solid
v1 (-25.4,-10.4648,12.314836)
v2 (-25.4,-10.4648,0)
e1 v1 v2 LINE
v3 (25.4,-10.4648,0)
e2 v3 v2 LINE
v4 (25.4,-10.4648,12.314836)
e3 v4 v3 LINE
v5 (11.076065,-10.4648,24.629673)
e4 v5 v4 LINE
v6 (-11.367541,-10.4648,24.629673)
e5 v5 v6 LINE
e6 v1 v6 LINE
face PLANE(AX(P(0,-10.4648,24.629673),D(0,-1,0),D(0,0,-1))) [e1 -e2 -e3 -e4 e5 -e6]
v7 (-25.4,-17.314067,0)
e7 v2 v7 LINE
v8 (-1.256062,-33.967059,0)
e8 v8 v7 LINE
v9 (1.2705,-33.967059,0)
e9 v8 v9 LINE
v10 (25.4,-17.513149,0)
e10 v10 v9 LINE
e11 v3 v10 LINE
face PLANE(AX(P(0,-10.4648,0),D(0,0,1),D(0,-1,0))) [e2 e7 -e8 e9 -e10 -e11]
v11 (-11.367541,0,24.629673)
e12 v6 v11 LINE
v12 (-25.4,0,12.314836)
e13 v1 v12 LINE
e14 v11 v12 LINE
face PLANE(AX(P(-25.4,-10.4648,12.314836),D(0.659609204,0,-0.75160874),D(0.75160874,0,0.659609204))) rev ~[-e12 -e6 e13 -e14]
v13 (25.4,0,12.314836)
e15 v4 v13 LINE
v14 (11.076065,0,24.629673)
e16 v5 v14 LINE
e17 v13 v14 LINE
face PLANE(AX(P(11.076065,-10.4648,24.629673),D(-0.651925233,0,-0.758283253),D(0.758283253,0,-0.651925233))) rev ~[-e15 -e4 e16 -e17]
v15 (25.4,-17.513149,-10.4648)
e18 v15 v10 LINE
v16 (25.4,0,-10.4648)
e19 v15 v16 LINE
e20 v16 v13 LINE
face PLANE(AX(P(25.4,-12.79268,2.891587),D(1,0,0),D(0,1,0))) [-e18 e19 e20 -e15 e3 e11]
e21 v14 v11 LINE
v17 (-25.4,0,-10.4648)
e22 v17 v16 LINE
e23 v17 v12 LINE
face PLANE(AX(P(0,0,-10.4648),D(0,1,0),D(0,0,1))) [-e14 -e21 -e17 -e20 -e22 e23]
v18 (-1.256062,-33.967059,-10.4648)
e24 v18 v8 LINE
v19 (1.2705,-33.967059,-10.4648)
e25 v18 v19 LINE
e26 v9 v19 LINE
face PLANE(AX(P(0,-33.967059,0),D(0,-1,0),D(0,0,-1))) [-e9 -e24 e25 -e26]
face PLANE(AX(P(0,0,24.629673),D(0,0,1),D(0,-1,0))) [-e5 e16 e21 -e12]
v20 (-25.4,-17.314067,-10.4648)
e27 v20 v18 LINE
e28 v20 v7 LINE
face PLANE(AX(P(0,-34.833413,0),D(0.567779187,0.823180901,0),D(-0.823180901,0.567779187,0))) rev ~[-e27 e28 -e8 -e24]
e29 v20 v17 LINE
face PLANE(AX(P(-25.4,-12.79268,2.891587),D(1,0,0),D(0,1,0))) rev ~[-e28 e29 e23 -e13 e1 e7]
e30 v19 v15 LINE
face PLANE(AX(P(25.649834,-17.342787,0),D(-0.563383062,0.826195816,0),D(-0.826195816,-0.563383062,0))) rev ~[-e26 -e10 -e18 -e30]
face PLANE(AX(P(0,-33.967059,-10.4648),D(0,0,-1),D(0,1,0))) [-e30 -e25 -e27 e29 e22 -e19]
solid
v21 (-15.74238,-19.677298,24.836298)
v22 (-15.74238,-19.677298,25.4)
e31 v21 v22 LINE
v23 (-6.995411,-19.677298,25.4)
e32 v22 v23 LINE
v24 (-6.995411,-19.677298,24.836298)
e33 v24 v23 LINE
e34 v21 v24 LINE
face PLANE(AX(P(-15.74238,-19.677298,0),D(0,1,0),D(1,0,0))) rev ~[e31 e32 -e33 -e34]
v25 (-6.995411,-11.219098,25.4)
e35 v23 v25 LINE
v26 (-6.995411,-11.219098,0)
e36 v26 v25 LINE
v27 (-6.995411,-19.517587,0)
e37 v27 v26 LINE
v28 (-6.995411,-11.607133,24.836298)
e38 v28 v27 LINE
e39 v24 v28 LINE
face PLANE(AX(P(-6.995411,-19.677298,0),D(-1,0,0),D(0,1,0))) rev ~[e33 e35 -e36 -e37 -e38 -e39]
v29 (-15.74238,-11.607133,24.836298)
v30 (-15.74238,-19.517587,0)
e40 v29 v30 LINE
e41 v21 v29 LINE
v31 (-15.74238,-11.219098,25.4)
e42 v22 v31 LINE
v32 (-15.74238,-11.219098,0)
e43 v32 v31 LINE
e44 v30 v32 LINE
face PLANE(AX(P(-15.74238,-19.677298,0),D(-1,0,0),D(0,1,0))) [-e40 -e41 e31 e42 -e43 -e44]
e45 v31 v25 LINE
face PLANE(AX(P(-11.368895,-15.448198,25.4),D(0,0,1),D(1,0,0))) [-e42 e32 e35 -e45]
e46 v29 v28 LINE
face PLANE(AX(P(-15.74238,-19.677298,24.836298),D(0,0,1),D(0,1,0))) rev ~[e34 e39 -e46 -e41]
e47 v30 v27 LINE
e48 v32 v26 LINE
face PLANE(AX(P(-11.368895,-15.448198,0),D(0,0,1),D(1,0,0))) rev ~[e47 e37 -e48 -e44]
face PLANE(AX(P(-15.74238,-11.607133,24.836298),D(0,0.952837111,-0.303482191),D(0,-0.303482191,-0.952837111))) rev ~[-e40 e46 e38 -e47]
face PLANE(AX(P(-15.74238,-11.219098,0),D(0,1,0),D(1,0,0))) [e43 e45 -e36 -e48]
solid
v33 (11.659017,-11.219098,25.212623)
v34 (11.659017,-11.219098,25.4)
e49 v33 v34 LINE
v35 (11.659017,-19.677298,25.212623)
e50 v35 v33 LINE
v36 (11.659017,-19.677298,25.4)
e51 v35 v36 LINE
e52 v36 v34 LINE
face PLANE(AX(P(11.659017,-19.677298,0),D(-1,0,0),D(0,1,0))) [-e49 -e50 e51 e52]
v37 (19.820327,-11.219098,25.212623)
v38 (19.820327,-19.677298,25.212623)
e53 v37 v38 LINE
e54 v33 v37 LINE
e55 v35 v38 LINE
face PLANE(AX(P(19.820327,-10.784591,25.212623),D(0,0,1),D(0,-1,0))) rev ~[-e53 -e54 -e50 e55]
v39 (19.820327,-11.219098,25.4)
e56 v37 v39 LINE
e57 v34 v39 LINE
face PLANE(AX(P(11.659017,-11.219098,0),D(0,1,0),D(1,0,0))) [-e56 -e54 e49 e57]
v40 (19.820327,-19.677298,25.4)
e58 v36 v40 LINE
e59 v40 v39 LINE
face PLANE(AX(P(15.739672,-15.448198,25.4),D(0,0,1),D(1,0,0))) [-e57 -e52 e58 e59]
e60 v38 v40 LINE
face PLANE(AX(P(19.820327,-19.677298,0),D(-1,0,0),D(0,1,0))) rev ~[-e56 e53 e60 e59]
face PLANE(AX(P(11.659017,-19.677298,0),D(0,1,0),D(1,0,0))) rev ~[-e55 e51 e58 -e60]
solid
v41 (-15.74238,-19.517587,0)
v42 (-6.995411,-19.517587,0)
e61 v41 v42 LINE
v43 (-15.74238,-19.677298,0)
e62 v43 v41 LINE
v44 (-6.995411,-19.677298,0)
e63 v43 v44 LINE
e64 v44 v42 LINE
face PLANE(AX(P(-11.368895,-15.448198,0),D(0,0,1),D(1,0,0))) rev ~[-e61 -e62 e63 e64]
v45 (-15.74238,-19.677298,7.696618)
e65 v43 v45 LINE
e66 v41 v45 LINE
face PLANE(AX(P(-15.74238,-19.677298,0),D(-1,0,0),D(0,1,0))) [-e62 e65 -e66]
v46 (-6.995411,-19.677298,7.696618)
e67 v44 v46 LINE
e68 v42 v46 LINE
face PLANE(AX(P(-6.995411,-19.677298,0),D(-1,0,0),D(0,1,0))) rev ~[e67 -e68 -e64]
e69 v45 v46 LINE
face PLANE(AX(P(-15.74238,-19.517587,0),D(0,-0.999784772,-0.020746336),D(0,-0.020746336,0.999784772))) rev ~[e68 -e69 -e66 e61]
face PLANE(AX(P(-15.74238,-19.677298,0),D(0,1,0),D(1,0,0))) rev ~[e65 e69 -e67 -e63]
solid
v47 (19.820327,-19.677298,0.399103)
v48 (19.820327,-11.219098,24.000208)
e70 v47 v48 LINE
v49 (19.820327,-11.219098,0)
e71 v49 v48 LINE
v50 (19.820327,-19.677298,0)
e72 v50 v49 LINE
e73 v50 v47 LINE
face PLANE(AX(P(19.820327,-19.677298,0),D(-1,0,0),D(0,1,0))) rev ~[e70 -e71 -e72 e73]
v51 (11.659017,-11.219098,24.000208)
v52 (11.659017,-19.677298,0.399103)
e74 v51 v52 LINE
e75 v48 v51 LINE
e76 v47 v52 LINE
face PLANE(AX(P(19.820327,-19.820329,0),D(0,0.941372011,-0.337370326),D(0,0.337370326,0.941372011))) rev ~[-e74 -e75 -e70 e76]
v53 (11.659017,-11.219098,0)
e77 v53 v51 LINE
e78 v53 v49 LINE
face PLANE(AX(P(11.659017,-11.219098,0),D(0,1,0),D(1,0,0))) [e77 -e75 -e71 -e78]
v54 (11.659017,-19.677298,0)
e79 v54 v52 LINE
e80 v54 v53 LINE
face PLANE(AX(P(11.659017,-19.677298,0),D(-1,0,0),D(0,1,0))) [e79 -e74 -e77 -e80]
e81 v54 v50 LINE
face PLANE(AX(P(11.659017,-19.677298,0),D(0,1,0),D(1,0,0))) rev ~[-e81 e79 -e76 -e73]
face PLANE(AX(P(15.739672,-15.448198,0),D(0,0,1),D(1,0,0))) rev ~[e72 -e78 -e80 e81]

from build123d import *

# Parameters (mm, degrees)
F1_DEPTH      = 25.4
F1_DEPTH_BACK = 25.4
F3_DEPTH      = 25.4
F5_DEPTH      = 25.4
F6_W          = 8.746969
F6_H          = 8.4582
F6_W_2        = 8.16131
F7_DEPTH      = 25.4
F9_DEPTH      = 25.4
F11_DEPTH     = 25.4


with BuildPart() as f1:
    # F0 (on Right) → F1 (new body, two sides)
    with BuildSketch(Plane.YZ) as f1_sk:
        Polygon((-10.4648, 0), (-33.967059, 0), (-33.967059, -10.4648), (0, -10.4648), (0, 24.629673), (-10.4648, 24.629673), align=None)
    extrude(amount=F1_DEPTH)
    extrude(f1_sk.sketch, amount=-F1_DEPTH_BACK)

    # F2 (on Top) → F3 (cut)
    with BuildSketch(Plane.XY):
        Polygon((25.649834, -17.342787), (0, -34.833413), (25.649834, -34.833413), align=None)
        Polygon((0, -34.833413), (-27.24384, -16.0423), (-27.24384, -34.833413), align=None)
    extrude(amount=-F3_DEPTH, mode=Mode.SUBTRACT)

    # F4 (on face) → F5 (cut)
    with BuildSketch(Plane.XZ.offset(10.4648)):
        Polygon((-25.4, 24.629673), (-25.4, 12.314836), (-11.367541, 24.629673), align=None)
        Polygon((11.076065, 24.629673), (25.4, 12.314836), (25.4, 24.629673), align=None)
    extrude(amount=-F5_DEPTH, mode=Mode.SUBTRACT)


with BuildPart() as f7:
    # F6 (on Top) → F7 (new body)
    with BuildSketch(Plane.XY):
        with Locations((-11.368895, -15.448198)):
            Rectangle(F6_W, F6_H)
        with Locations((15.739672, -15.448198)):
            Rectangle(F6_W_2, F6_H)
    extrude(amount=F7_DEPTH)

    # F8 (on face) → F9 (cut)
    with BuildSketch(Plane.YZ.offset(19.820327)):
        Polygon((-19.820329, 25.212623), (-19.820329, 0), (-10.784591, 25.212623), align=None)
    extrude(amount=-F9_DEPTH, mode=Mode.SUBTRACT)

    # F10 (on face) → F11 (cut)
    with BuildSketch(Plane(origin=(-15.74238, 0, 0), x_dir=(0, -1, 0), z_dir=(-1, 0, 0))):
        Polygon((19.677298, 7.696618), (19.677298, 24.836298), (11.607133, 24.836298), (19.517587, 0), align=None)
    extrude(amount=-F11_DEPTH, mode=Mode.SUBTRACT)


solid = Compound([f1.part, f7.part])
